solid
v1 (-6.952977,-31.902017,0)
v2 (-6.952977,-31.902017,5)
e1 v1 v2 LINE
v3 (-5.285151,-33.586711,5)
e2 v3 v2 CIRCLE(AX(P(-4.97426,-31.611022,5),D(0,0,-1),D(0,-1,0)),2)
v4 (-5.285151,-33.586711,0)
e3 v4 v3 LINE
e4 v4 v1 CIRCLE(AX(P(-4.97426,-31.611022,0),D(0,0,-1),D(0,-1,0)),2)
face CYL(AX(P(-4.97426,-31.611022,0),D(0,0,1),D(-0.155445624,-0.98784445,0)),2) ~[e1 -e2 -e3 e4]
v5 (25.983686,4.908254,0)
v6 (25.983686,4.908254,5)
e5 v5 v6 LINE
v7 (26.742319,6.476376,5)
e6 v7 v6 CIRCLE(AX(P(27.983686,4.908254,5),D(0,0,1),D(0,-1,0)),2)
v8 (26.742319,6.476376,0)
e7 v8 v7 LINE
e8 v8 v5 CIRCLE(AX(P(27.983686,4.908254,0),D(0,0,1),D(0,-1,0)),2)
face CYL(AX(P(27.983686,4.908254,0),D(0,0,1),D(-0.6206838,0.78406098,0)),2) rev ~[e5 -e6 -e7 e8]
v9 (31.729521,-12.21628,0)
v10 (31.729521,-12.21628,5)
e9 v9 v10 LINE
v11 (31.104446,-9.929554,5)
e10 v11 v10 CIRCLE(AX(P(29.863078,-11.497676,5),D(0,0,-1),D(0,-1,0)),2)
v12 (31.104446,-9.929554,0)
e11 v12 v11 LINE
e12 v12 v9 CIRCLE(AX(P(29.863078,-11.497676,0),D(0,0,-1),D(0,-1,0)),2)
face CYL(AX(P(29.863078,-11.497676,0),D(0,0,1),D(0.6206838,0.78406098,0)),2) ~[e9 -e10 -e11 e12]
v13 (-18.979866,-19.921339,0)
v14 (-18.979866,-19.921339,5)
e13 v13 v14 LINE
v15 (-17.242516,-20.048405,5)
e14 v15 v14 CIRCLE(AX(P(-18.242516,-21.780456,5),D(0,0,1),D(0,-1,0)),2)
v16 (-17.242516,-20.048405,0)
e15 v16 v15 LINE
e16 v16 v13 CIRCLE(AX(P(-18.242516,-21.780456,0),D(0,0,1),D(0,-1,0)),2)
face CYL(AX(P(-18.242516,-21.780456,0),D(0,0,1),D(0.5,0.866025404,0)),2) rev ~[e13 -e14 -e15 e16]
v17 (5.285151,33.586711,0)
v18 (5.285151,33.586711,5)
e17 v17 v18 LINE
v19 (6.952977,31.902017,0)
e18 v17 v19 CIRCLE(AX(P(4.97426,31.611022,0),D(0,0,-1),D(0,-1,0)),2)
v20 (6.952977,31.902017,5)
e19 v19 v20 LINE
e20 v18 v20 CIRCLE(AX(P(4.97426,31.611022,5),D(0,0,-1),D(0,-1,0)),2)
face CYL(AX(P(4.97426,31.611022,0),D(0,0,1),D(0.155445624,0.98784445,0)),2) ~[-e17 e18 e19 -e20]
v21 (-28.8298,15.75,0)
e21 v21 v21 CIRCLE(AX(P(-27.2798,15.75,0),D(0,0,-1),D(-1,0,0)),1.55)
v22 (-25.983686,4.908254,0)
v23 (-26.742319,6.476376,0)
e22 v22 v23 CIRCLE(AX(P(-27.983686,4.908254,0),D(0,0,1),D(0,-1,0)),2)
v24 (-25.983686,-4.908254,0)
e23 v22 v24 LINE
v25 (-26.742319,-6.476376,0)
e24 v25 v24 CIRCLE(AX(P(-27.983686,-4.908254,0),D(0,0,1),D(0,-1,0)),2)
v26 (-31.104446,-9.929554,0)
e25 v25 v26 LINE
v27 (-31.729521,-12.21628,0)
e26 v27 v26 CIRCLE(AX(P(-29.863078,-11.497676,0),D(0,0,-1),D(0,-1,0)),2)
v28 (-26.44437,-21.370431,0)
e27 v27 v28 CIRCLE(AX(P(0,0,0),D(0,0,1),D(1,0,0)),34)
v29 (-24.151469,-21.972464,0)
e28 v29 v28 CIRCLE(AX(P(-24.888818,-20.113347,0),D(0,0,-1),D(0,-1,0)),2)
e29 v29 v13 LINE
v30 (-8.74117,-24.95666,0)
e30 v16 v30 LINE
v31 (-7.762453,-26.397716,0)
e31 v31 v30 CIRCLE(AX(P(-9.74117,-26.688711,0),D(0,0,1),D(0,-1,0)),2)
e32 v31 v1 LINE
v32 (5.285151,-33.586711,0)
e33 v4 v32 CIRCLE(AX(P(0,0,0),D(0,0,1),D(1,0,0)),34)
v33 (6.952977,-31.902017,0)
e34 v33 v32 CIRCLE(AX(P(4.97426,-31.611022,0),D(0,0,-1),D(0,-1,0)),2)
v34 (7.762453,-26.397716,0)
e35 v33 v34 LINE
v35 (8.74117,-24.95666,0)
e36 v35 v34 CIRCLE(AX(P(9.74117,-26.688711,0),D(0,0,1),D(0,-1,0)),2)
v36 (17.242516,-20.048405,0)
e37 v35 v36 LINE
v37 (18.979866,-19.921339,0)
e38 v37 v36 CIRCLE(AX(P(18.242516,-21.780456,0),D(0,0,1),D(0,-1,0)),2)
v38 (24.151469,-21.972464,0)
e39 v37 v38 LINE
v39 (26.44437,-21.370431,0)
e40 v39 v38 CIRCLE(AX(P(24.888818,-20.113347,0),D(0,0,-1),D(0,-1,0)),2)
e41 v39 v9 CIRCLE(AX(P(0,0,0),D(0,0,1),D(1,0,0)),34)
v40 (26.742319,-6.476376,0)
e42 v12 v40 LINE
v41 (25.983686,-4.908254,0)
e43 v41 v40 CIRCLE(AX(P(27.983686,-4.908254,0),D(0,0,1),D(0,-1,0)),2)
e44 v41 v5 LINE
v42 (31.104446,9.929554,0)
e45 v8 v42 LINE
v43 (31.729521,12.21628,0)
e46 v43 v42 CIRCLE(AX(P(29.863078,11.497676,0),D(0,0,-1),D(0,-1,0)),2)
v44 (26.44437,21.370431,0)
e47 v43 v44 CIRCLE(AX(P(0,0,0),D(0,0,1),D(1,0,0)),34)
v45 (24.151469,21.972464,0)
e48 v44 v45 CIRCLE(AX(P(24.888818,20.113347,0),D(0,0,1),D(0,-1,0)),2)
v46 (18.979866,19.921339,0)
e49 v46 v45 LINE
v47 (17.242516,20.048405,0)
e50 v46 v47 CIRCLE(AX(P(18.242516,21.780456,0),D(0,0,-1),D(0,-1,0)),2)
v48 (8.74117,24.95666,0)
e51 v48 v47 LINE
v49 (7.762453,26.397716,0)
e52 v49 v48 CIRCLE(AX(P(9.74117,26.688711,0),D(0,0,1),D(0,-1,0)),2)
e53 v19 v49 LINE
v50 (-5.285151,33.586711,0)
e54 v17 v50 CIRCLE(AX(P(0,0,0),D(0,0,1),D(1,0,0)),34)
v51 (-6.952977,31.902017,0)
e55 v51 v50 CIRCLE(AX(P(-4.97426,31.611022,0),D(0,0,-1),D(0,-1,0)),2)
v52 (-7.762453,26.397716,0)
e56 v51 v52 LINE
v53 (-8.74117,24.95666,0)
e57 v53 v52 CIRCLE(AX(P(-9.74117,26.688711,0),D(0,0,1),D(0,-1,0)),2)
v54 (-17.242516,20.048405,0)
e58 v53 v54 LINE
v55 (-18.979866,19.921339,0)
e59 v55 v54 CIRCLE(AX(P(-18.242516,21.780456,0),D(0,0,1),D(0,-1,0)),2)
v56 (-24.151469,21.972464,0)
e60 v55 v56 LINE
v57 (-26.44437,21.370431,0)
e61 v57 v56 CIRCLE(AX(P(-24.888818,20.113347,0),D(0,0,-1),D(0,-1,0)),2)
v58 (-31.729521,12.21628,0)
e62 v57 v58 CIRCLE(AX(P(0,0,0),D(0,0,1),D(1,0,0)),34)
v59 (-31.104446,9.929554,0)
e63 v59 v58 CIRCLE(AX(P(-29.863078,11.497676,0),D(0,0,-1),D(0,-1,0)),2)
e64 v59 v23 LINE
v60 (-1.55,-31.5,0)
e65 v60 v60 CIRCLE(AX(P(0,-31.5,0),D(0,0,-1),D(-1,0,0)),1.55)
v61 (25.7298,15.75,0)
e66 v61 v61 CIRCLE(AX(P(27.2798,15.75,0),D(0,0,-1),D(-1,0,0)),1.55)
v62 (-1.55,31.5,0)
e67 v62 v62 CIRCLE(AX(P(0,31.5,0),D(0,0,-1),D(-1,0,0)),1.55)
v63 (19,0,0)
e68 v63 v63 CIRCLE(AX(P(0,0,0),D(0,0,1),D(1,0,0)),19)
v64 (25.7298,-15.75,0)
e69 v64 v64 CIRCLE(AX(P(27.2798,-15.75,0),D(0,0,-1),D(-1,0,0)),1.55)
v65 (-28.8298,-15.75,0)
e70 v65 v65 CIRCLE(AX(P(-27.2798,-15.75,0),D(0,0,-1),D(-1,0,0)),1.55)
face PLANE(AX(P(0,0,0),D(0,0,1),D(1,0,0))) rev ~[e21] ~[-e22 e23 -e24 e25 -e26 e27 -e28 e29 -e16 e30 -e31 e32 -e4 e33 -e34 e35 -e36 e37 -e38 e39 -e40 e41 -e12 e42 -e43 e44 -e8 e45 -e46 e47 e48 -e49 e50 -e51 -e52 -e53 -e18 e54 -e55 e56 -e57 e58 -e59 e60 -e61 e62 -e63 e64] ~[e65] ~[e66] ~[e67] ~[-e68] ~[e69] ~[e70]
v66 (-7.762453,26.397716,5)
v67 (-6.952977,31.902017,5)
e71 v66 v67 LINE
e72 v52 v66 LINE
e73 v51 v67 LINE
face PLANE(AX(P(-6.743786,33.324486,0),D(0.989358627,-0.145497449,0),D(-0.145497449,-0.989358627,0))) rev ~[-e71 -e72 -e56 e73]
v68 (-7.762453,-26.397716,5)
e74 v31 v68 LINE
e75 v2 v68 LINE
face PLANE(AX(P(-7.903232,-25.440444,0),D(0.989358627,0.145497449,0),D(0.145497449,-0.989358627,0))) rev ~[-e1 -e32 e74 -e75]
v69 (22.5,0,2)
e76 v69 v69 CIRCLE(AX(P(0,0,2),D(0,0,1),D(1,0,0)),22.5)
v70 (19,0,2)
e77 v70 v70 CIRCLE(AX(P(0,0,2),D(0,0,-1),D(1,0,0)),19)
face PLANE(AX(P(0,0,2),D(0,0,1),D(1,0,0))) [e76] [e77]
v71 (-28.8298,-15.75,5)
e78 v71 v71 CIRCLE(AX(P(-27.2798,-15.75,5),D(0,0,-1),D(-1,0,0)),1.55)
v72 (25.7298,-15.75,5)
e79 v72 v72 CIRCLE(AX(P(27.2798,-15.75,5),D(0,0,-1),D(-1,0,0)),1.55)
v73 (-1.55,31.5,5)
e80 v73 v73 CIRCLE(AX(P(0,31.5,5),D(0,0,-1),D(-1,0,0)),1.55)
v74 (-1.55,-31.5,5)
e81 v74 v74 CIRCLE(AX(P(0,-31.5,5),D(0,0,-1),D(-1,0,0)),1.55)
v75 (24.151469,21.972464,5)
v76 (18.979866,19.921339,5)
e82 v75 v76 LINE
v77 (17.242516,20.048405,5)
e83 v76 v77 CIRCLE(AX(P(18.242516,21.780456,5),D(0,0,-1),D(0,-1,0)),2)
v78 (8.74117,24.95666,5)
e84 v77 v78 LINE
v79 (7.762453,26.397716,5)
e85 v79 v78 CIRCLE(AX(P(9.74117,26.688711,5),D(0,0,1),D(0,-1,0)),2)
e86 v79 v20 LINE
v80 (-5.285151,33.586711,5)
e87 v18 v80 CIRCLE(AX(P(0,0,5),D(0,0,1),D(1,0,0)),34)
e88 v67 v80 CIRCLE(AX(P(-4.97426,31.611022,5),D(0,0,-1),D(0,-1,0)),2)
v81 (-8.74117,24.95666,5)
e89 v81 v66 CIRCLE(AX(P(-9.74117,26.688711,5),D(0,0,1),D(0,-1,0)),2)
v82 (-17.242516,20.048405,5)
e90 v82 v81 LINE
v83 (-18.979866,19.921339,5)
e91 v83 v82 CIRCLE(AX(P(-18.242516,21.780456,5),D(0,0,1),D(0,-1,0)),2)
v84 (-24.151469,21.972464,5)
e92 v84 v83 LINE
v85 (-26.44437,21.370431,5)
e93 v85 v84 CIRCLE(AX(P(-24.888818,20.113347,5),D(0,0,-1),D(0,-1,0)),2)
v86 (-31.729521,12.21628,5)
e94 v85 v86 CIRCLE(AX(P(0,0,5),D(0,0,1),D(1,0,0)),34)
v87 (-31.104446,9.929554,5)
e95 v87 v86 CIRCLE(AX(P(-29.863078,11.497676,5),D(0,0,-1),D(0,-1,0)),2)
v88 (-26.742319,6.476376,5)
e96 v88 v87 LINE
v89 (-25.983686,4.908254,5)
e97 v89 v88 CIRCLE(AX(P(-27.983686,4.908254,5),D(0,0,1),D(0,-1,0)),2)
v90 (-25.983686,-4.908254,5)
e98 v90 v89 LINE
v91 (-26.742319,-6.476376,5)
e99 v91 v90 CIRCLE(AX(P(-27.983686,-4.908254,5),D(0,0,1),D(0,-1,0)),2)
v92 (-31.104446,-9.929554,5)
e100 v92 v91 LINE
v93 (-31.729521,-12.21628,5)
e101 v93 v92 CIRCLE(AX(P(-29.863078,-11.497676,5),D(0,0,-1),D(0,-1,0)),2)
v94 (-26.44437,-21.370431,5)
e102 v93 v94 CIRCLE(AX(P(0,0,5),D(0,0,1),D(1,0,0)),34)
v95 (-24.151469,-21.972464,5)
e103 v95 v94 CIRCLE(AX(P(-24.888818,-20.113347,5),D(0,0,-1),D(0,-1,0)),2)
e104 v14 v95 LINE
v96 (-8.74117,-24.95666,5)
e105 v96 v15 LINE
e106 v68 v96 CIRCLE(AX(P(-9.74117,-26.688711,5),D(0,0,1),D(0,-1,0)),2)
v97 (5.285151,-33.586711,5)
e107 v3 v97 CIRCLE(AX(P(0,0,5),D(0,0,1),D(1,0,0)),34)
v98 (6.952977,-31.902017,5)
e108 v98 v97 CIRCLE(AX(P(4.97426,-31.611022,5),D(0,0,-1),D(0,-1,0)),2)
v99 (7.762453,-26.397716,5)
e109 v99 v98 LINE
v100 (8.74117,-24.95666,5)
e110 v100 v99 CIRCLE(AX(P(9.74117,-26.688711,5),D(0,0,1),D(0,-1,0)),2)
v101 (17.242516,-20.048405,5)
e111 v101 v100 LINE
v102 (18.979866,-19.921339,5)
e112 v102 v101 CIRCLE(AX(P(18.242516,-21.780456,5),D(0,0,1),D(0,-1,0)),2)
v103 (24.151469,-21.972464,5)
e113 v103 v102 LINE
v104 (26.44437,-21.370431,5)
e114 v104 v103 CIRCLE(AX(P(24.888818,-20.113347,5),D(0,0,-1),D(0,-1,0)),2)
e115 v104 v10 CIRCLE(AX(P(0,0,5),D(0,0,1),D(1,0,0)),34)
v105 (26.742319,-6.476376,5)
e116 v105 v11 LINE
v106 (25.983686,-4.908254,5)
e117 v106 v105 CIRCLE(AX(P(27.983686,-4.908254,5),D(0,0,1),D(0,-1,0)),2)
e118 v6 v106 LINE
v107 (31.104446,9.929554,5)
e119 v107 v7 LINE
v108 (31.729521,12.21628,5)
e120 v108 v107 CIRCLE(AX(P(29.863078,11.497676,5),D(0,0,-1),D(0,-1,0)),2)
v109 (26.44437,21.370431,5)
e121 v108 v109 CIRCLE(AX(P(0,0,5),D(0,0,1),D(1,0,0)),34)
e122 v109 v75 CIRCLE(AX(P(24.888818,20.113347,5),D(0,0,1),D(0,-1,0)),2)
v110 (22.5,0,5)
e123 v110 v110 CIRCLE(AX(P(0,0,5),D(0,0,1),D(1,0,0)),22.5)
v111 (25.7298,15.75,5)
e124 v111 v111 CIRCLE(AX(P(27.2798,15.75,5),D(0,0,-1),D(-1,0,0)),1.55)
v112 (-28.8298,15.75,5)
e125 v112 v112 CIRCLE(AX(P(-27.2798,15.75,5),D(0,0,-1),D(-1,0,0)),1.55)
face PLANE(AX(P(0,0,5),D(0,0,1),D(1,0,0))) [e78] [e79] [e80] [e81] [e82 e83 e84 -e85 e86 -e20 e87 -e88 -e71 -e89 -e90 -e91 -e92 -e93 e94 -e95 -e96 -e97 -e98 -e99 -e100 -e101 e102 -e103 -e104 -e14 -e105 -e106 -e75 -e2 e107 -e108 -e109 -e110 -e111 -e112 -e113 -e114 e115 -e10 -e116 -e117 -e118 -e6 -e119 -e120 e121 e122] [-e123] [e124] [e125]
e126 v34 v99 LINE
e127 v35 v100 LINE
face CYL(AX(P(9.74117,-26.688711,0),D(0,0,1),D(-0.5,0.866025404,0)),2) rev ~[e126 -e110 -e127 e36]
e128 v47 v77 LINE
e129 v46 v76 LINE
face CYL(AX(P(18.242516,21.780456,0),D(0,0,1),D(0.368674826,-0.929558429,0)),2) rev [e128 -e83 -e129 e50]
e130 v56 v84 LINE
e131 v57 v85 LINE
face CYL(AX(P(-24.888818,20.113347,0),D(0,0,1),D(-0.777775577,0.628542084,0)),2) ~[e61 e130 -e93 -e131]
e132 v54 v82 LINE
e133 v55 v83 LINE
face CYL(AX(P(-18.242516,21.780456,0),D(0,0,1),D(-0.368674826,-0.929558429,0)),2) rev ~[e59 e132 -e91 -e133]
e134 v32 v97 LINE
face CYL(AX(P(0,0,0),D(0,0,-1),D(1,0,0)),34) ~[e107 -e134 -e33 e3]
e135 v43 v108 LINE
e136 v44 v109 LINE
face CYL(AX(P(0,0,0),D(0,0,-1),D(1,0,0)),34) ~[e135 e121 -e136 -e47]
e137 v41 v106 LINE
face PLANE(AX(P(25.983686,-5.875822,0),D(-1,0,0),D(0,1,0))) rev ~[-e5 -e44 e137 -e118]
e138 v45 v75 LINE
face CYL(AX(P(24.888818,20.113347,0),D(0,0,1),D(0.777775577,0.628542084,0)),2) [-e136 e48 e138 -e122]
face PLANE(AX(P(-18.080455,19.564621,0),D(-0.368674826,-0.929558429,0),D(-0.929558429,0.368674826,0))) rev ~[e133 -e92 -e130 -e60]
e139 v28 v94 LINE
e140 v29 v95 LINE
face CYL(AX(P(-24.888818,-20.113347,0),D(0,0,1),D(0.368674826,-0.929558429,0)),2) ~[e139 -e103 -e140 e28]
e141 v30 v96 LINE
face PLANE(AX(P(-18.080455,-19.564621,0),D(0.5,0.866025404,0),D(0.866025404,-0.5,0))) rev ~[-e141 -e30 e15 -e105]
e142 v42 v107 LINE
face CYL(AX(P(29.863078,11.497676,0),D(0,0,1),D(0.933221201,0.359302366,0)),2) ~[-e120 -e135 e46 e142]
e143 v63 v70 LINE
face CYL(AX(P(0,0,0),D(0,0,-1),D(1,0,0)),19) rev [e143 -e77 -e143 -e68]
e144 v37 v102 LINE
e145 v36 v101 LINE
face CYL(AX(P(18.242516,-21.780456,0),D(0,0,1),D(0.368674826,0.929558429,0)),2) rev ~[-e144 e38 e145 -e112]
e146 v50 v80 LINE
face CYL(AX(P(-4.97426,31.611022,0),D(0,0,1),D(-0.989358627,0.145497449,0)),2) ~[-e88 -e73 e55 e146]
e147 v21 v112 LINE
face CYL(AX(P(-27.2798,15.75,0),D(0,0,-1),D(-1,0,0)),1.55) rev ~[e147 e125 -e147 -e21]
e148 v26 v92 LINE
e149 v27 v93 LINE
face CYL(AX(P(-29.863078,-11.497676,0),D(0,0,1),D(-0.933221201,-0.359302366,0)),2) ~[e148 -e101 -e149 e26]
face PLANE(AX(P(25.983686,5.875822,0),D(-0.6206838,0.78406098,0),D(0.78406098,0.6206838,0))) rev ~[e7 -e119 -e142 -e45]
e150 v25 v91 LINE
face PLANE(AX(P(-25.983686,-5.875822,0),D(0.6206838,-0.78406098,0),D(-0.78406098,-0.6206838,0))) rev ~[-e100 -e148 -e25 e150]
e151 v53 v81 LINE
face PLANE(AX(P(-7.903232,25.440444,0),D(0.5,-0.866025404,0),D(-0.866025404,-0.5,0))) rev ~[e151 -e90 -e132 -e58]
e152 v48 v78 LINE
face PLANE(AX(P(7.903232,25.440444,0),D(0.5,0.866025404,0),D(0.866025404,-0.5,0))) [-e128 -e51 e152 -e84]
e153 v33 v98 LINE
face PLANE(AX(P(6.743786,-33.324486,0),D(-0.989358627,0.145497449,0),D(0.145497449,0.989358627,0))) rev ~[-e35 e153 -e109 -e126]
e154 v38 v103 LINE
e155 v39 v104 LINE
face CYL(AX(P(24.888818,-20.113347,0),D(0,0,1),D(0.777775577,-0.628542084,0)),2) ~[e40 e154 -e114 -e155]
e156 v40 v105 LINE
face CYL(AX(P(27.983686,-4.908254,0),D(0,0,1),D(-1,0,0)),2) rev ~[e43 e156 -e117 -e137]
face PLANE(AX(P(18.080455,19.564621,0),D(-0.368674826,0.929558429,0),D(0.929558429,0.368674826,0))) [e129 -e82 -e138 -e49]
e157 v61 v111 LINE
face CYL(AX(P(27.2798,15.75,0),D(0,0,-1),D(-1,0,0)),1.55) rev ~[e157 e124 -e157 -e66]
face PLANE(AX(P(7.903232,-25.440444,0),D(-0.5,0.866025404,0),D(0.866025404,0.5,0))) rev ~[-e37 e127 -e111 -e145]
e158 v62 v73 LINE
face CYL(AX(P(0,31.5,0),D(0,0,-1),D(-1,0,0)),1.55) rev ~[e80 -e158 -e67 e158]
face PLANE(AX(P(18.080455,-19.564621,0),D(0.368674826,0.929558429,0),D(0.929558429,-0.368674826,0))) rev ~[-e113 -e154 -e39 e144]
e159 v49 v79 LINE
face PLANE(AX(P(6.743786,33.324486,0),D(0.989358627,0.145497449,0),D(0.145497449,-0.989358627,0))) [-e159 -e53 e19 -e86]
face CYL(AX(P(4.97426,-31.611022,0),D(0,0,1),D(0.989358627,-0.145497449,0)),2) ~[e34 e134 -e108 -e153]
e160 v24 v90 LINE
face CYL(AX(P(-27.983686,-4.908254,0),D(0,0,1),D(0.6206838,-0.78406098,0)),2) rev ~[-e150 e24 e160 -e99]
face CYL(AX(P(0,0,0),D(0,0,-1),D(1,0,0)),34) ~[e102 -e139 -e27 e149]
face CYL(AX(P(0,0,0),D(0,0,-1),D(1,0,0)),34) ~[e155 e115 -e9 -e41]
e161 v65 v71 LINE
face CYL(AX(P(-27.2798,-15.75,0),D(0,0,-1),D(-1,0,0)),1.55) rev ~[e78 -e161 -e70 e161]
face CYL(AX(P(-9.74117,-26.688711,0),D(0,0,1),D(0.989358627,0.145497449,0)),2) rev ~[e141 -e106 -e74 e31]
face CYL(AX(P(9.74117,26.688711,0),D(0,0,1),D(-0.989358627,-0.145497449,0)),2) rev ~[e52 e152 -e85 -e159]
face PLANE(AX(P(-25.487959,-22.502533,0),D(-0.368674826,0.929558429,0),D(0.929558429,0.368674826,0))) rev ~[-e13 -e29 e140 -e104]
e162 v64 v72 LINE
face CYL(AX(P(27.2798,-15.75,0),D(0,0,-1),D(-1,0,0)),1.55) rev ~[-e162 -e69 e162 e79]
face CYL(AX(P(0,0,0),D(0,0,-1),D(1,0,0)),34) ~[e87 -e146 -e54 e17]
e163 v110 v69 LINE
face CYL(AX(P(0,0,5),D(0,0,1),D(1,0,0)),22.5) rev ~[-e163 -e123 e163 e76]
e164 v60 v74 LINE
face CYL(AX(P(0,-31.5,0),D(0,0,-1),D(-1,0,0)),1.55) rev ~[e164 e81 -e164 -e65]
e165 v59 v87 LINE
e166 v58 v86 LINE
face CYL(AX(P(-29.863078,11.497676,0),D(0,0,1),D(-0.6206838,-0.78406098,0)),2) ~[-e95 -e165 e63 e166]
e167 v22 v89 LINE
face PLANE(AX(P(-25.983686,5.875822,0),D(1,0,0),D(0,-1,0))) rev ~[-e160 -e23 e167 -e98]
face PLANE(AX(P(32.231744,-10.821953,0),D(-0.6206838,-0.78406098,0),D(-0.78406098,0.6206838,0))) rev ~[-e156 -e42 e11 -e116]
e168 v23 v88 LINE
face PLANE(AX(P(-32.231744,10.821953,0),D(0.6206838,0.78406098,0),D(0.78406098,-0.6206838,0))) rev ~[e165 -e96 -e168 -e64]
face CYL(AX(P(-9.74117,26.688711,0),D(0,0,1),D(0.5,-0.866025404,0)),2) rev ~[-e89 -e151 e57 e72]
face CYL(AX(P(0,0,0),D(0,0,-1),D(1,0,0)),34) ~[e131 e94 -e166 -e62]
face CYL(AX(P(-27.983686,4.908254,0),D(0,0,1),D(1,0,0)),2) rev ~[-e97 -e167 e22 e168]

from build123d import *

# Parameters (mm, degrees)
SKETCH_1_R          = 34
SKETCH_1_R_2        = 19
EXTRUDE_1_DEPTH     = 5
SKETCH_2_R          = 22.5
CUT_EXTRUDE_1_DEPTH = 3
SKETCH_3_R          = 1.55
CUT_EXTRUDE_2_DEPTH = 13
CUT_EXTRUDE_3_DEPTH = 13
FILLET_1_R          = 2


with BuildPart() as part:
    # 草图1 → 凸台-拉伸1 (new body)
    with BuildSketch(Plane.XY):
        Circle(SKETCH_1_R)
        Circle(SKETCH_1_R_2, mode=Mode.SUBTRACT)
    extrude(amount=EXTRUDE_1_DEPTH)

    # 草图2 → 切除-拉伸1 (cut)
    with BuildSketch(Plane.XY.offset(5)):
        Circle(SKETCH_2_R)
    extrude(amount=-CUT_EXTRUDE_1_DEPTH, mode=Mode.SUBTRACT)

    # 草图3 → 切除-拉伸2 (cut)
    with BuildSketch(Plane(origin=(0, 0, 0), x_dir=(-1, 0, 0), z_dir=(0, 0, -1))):
        with Locations((0, 31.5)):
            Circle(SKETCH_3_R)
        with Locations((27.279800219, 15.75)):
            Circle(SKETCH_3_R)
        with Locations((27.279800219, -15.75)):
            Circle(SKETCH_3_R)
        with Locations((0, -31.5)):
            Circle(SKETCH_3_R)
        with Locations((-27.279800219, -15.75)):
            Circle(SKETCH_3_R)
        with Locations((-27.279800219, 15.75)):
            Circle(SKETCH_3_R)
    extrude(amount=-CUT_EXTRUDE_2_DEPTH, mode=Mode.SUBTRACT)

    # 草图4 → 切除-拉伸3 (cut)
    with BuildSketch(Plane(origin=(0, 0, 0), x_dir=(-1, 0, 0), z_dir=(0, 0, -1))):
        with BuildLine():
            Line((-6.743785591, 33.324485831), (-7.903231695, 25.440443793))
            Line((-7.903231695, 25.440443793), (-18.080454761, 19.564621316))
            Line((-18.080454761, 19.564621316), (-25.487958502, 22.502532555))
            ThreePointArc((-25.487958502, 22.502532555), (-17, 29.444863729), (-6.743785591, 33.324485831))
        make_face()
        with BuildLine():
            Line((6.743785591, 33.324485831), (7.903231695, 25.440443793))
            Line((7.903231695, 25.440443793), (18.080454761, 19.564621316))
            Line((18.080454761, 19.564621316), (25.487958502, 22.502532555))
            ThreePointArc((25.487958502, 22.502532555), (17, 29.444863729), (6.743785591, 33.324485831))
        make_face()
        with BuildLine():
            Line((32.231744093, 10.821953276), (25.983686456, 5.875822477))
            Line((25.983686456, 5.875822477), (25.983686456, -5.875822477))
            Line((25.983686456, -5.875822477), (32.231744093, -10.821953276))
            ThreePointArc((32.231744093, -10.821953276), (34, 0), (32.231744093, 10.821953276))
        make_face()
        with BuildLine():
            Line((25.487958502, -22.502532555), (18.080454761, -19.564621316))
            Line((18.080454761, -19.564621316), (7.903231695, -25.440443793))
            Line((7.903231695, -25.440443793), (6.743785591, -33.324485831))
            ThreePointArc((6.743785591, -33.324485831), (17, -29.444863729), (25.487958502, -22.502532555))
        make_face()
        with BuildLine():
            Line((-6.743785591, -33.324485831), (-7.903231695, -25.440443793))
            Line((-7.903231695, -25.440443793), (-18.080454761, -19.564621316))
            Line((-18.080454761, -19.564621316), (-25.487958502, -22.502532555))
            ThreePointArc((-25.487958502, -22.502532555), (-17, -29.444863729), (-6.743785591, -33.324485831))
        make_face()
        with BuildLine():
            Line((-32.231744093, -10.821953276), (-25.983686456, -5.875822477))
            Line((-25.983686456, -5.875822477), (-25.983686456, 5.875822477))
            Line((-25.983686456, 5.875822477), (-32.231744093, 10.821953276))
            ThreePointArc((-32.231744093, 10.821953276), (-34, 0), (-32.231744093, -10.821953276))
        make_face()
    extrude(amount=-CUT_EXTRUDE_3_DEPTH, mode=Mode.SUBTRACT)

    # 圆角1
    fillet_1_edges = [part.edges().sort_by_distance(p)[0] for p in [
        (-25.983686456, -5.875822477, 2.5),
        (-25.983686456, 5.875822477, 2.5),
        (7.903231695, 25.440443793, 2.5),
        (18.080454761, 19.564621316, 2.5),
        (-18.080454761, 19.564621316, 2.5),
        (-7.903231695, 25.440443793, 2.5),
        (-6.743785591, 33.324485831, 2.5),
        (-25.487958502, 22.502532555, 2.5),
        (25.487958502, 22.502532555, 2.5),
        (6.743785591, 33.324485831, 2.5),
        (-32.231744093, 10.821953276, 2.5),
        (-32.231744093, -10.821953276, 2.5),
        (-25.487958502, -22.502532555, 2.5),
        (-6.743785591, -33.324485831, 2.5),
        (6.743785591, -33.324485831, 2.5),
        (25.487958502, -22.502532555, 2.5),
        (32.231744093, -10.821953276, 2.5),
        (32.231744093, 10.821953276, 2.5),
        (25.983686456, 5.875822477, 2.5),
        (25.983686456, -5.875822477, 2.5),
        (18.080454761, -19.564621316, 2.5),
        (7.903231695, -25.440443793, 2.5),
        (-7.903231695, -25.440443793, 2.5),
        (-18.080454761, -19.564621316, 2.5),
    ]]
    fillet(fillet_1_edges, radius=FILLET_1_R)


solid = part.part
